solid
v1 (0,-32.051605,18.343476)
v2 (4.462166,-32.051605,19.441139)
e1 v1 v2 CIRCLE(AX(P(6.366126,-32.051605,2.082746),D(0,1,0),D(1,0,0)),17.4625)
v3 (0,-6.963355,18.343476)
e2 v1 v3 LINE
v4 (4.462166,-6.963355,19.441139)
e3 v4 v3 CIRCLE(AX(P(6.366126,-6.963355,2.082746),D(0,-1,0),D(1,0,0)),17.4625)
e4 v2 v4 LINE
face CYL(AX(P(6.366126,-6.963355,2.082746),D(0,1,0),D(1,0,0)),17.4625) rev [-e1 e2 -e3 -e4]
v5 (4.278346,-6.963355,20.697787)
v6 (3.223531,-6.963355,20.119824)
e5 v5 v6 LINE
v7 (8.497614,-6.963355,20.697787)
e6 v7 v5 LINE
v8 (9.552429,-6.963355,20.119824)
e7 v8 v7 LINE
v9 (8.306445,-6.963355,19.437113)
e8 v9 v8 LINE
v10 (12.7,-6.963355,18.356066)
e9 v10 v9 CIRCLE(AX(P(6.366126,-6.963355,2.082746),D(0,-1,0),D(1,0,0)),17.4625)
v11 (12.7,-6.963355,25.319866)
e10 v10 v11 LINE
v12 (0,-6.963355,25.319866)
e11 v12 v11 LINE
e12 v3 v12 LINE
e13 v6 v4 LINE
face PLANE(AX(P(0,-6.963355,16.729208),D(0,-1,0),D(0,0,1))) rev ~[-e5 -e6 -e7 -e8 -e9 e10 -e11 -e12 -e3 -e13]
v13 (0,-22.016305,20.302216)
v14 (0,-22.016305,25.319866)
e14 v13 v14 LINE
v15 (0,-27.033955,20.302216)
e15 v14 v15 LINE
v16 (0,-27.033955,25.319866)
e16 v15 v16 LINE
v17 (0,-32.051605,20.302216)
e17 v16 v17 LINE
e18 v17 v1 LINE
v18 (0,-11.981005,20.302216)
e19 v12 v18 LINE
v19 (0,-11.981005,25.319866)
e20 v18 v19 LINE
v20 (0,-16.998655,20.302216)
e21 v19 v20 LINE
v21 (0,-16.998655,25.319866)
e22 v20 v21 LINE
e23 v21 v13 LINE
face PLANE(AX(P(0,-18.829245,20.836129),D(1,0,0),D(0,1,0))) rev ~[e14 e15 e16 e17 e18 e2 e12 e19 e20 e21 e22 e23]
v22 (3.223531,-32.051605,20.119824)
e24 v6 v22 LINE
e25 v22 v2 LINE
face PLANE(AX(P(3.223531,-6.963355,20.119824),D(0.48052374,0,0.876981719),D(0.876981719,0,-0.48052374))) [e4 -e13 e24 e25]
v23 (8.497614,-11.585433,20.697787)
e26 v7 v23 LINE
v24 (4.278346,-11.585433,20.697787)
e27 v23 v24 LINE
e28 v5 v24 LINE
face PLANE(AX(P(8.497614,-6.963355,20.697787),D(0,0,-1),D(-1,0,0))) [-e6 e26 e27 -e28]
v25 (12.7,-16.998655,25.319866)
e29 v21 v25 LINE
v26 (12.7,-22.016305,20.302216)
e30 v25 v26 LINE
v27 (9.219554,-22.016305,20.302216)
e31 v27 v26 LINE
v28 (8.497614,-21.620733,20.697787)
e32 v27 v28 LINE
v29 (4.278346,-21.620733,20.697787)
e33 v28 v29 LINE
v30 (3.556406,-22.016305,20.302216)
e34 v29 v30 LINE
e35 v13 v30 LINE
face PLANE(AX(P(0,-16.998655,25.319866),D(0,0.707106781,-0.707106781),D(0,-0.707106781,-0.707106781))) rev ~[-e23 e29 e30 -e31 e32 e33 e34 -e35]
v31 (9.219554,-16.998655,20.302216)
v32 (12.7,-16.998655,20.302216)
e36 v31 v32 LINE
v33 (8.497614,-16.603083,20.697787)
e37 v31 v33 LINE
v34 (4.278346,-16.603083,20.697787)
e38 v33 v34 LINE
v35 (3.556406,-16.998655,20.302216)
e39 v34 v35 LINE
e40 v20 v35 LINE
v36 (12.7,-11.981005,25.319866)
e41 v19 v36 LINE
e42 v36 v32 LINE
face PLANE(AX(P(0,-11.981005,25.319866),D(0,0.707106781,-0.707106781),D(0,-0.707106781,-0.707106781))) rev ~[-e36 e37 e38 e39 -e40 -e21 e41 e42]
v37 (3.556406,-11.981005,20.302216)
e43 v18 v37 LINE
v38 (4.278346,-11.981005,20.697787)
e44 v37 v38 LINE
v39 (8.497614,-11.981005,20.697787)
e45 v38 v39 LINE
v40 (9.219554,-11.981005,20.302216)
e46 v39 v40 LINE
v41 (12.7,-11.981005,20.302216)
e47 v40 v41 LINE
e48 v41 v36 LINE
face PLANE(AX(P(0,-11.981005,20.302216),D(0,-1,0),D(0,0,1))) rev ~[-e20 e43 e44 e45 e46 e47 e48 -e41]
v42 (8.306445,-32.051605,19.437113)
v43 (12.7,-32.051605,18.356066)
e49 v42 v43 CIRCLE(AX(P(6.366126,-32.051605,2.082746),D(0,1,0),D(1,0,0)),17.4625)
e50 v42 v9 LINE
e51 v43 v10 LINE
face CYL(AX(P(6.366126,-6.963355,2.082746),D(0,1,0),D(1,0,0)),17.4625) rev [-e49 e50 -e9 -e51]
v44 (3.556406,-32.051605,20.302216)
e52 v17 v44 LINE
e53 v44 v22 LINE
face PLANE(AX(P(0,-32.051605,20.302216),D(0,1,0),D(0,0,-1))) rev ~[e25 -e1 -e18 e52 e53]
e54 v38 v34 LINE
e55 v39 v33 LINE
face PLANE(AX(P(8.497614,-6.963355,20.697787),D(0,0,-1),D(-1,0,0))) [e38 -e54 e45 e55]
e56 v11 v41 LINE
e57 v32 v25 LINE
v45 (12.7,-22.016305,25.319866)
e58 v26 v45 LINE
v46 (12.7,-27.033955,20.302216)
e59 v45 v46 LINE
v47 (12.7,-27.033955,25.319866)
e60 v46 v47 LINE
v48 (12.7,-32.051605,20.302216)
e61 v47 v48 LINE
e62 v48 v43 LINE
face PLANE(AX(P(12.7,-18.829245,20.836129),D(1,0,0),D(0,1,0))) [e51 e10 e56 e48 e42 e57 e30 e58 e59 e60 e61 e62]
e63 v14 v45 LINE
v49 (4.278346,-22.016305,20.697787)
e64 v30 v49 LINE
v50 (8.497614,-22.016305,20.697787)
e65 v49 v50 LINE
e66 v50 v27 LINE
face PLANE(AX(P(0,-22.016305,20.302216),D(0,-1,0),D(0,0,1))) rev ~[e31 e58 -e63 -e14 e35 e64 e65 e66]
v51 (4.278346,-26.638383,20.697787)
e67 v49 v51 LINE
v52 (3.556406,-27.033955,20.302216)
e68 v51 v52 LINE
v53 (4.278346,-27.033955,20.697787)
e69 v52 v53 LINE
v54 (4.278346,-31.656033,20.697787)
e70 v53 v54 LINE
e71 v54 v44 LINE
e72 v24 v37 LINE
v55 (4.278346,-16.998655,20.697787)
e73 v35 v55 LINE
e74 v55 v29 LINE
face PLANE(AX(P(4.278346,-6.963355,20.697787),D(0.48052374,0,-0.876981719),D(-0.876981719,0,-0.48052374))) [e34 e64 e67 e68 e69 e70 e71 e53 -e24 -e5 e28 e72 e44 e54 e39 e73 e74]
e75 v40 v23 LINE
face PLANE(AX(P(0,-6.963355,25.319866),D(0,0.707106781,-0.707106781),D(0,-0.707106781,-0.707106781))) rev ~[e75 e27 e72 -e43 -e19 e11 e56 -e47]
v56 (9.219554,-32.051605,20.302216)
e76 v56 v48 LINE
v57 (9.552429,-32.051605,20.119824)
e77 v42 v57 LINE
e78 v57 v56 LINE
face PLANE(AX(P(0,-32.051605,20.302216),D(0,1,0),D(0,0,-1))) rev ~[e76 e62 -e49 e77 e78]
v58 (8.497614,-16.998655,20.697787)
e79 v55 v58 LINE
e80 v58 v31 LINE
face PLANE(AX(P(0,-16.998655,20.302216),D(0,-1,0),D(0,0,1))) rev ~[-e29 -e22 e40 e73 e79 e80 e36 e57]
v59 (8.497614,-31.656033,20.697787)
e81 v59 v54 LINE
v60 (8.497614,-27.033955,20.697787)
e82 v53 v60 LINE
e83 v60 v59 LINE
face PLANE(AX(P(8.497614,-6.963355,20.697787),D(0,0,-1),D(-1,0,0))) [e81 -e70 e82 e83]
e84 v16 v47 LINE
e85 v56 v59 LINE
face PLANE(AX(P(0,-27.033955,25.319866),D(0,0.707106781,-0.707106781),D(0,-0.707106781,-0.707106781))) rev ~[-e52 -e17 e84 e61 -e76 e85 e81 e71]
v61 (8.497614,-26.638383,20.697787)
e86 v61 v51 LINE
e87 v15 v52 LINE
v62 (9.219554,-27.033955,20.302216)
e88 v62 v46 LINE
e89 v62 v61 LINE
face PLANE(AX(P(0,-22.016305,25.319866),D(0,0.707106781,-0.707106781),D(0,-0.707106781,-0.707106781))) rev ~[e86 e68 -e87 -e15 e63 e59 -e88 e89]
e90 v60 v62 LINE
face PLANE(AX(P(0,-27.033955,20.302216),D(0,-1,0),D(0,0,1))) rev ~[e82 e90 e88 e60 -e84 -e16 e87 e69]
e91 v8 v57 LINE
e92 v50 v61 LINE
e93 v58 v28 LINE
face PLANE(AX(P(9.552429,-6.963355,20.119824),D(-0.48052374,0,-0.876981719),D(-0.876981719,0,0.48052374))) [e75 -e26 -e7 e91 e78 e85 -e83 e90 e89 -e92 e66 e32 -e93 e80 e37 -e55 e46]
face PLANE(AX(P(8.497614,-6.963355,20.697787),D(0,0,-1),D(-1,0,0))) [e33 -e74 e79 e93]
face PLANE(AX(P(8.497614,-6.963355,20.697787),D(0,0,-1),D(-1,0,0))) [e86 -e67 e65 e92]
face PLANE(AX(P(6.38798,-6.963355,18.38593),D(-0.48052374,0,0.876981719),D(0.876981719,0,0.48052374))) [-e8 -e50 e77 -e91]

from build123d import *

# Parameters (mm, degrees)
F1_DEPTH  = 12.7
F3_R      = 17.4625
F4_DEPTH  = 25.4
F11_DEPTH = 25.4


with BuildPart() as f1:
    # F0 (on Right) → F1 (new body)
    with BuildSketch(Plane.YZ):
        Polygon((-27.0339550276, 20.3022155698), (-27.0339550276, 25.3198655094), (-32.0516049672, 20.3022155698), (-32.0516049672, 16.7292077094), (-6.9633552689, 16.7292077094), (-6.9633552689, 20.3022155698), (-6.9633552689, 25.3198655094), (-11.9810052086, 20.3022155698), (-11.9810052086, 25.3198655094), (-16.9986551483, 20.3022155698), (-16.9986551483, 25.3198655094), (-22.0163050879, 20.3022155698), (-22.0163050879, 25.3198655094), align=None)
    extrude(amount=F1_DEPTH)

    # F3 (on plane+point) → F4 (cut)
    with BuildSketch(Plane.XZ.offset(6.9633552689)):
        with Locations((6.3661262393, 2.0827455446)):
            Circle(F3_R)
    extrude(amount=F4_DEPTH, mode=Mode.SUBTRACT)


with BuildPart() as f5_1:
    # F5: copy of F1
    add(f1.part)


with BuildPart() as f1_1:
    # F6: moved
    add(f1.part.moved(Location((0, 26.1449348181, 0))))


with BuildPart() as f5_1_1:
    # F7: moved
    add(f5_1.part)

    # F10 (on plane+point) → F11 (cut)
    with BuildSketch(Plane.XZ.offset(6.9633552689)):
        Polygon((6.3879799563, 18.3859299868), (9.5524290794, 20.1198235154), (8.4976138382, 20.6977874041), (7.4427951975, 20.6977874041), (5.3331647151, 20.6977874041), (4.2783460745, 20.6977874041), (3.2235308333, 20.1198235154), align=None)
    extrude(amount=F11_DEPTH, mode=Mode.SUBTRACT)


with BuildPart() as f1_2:
    # F7: moved
    add(f1_1.part)


solid = f5_1_1.part
